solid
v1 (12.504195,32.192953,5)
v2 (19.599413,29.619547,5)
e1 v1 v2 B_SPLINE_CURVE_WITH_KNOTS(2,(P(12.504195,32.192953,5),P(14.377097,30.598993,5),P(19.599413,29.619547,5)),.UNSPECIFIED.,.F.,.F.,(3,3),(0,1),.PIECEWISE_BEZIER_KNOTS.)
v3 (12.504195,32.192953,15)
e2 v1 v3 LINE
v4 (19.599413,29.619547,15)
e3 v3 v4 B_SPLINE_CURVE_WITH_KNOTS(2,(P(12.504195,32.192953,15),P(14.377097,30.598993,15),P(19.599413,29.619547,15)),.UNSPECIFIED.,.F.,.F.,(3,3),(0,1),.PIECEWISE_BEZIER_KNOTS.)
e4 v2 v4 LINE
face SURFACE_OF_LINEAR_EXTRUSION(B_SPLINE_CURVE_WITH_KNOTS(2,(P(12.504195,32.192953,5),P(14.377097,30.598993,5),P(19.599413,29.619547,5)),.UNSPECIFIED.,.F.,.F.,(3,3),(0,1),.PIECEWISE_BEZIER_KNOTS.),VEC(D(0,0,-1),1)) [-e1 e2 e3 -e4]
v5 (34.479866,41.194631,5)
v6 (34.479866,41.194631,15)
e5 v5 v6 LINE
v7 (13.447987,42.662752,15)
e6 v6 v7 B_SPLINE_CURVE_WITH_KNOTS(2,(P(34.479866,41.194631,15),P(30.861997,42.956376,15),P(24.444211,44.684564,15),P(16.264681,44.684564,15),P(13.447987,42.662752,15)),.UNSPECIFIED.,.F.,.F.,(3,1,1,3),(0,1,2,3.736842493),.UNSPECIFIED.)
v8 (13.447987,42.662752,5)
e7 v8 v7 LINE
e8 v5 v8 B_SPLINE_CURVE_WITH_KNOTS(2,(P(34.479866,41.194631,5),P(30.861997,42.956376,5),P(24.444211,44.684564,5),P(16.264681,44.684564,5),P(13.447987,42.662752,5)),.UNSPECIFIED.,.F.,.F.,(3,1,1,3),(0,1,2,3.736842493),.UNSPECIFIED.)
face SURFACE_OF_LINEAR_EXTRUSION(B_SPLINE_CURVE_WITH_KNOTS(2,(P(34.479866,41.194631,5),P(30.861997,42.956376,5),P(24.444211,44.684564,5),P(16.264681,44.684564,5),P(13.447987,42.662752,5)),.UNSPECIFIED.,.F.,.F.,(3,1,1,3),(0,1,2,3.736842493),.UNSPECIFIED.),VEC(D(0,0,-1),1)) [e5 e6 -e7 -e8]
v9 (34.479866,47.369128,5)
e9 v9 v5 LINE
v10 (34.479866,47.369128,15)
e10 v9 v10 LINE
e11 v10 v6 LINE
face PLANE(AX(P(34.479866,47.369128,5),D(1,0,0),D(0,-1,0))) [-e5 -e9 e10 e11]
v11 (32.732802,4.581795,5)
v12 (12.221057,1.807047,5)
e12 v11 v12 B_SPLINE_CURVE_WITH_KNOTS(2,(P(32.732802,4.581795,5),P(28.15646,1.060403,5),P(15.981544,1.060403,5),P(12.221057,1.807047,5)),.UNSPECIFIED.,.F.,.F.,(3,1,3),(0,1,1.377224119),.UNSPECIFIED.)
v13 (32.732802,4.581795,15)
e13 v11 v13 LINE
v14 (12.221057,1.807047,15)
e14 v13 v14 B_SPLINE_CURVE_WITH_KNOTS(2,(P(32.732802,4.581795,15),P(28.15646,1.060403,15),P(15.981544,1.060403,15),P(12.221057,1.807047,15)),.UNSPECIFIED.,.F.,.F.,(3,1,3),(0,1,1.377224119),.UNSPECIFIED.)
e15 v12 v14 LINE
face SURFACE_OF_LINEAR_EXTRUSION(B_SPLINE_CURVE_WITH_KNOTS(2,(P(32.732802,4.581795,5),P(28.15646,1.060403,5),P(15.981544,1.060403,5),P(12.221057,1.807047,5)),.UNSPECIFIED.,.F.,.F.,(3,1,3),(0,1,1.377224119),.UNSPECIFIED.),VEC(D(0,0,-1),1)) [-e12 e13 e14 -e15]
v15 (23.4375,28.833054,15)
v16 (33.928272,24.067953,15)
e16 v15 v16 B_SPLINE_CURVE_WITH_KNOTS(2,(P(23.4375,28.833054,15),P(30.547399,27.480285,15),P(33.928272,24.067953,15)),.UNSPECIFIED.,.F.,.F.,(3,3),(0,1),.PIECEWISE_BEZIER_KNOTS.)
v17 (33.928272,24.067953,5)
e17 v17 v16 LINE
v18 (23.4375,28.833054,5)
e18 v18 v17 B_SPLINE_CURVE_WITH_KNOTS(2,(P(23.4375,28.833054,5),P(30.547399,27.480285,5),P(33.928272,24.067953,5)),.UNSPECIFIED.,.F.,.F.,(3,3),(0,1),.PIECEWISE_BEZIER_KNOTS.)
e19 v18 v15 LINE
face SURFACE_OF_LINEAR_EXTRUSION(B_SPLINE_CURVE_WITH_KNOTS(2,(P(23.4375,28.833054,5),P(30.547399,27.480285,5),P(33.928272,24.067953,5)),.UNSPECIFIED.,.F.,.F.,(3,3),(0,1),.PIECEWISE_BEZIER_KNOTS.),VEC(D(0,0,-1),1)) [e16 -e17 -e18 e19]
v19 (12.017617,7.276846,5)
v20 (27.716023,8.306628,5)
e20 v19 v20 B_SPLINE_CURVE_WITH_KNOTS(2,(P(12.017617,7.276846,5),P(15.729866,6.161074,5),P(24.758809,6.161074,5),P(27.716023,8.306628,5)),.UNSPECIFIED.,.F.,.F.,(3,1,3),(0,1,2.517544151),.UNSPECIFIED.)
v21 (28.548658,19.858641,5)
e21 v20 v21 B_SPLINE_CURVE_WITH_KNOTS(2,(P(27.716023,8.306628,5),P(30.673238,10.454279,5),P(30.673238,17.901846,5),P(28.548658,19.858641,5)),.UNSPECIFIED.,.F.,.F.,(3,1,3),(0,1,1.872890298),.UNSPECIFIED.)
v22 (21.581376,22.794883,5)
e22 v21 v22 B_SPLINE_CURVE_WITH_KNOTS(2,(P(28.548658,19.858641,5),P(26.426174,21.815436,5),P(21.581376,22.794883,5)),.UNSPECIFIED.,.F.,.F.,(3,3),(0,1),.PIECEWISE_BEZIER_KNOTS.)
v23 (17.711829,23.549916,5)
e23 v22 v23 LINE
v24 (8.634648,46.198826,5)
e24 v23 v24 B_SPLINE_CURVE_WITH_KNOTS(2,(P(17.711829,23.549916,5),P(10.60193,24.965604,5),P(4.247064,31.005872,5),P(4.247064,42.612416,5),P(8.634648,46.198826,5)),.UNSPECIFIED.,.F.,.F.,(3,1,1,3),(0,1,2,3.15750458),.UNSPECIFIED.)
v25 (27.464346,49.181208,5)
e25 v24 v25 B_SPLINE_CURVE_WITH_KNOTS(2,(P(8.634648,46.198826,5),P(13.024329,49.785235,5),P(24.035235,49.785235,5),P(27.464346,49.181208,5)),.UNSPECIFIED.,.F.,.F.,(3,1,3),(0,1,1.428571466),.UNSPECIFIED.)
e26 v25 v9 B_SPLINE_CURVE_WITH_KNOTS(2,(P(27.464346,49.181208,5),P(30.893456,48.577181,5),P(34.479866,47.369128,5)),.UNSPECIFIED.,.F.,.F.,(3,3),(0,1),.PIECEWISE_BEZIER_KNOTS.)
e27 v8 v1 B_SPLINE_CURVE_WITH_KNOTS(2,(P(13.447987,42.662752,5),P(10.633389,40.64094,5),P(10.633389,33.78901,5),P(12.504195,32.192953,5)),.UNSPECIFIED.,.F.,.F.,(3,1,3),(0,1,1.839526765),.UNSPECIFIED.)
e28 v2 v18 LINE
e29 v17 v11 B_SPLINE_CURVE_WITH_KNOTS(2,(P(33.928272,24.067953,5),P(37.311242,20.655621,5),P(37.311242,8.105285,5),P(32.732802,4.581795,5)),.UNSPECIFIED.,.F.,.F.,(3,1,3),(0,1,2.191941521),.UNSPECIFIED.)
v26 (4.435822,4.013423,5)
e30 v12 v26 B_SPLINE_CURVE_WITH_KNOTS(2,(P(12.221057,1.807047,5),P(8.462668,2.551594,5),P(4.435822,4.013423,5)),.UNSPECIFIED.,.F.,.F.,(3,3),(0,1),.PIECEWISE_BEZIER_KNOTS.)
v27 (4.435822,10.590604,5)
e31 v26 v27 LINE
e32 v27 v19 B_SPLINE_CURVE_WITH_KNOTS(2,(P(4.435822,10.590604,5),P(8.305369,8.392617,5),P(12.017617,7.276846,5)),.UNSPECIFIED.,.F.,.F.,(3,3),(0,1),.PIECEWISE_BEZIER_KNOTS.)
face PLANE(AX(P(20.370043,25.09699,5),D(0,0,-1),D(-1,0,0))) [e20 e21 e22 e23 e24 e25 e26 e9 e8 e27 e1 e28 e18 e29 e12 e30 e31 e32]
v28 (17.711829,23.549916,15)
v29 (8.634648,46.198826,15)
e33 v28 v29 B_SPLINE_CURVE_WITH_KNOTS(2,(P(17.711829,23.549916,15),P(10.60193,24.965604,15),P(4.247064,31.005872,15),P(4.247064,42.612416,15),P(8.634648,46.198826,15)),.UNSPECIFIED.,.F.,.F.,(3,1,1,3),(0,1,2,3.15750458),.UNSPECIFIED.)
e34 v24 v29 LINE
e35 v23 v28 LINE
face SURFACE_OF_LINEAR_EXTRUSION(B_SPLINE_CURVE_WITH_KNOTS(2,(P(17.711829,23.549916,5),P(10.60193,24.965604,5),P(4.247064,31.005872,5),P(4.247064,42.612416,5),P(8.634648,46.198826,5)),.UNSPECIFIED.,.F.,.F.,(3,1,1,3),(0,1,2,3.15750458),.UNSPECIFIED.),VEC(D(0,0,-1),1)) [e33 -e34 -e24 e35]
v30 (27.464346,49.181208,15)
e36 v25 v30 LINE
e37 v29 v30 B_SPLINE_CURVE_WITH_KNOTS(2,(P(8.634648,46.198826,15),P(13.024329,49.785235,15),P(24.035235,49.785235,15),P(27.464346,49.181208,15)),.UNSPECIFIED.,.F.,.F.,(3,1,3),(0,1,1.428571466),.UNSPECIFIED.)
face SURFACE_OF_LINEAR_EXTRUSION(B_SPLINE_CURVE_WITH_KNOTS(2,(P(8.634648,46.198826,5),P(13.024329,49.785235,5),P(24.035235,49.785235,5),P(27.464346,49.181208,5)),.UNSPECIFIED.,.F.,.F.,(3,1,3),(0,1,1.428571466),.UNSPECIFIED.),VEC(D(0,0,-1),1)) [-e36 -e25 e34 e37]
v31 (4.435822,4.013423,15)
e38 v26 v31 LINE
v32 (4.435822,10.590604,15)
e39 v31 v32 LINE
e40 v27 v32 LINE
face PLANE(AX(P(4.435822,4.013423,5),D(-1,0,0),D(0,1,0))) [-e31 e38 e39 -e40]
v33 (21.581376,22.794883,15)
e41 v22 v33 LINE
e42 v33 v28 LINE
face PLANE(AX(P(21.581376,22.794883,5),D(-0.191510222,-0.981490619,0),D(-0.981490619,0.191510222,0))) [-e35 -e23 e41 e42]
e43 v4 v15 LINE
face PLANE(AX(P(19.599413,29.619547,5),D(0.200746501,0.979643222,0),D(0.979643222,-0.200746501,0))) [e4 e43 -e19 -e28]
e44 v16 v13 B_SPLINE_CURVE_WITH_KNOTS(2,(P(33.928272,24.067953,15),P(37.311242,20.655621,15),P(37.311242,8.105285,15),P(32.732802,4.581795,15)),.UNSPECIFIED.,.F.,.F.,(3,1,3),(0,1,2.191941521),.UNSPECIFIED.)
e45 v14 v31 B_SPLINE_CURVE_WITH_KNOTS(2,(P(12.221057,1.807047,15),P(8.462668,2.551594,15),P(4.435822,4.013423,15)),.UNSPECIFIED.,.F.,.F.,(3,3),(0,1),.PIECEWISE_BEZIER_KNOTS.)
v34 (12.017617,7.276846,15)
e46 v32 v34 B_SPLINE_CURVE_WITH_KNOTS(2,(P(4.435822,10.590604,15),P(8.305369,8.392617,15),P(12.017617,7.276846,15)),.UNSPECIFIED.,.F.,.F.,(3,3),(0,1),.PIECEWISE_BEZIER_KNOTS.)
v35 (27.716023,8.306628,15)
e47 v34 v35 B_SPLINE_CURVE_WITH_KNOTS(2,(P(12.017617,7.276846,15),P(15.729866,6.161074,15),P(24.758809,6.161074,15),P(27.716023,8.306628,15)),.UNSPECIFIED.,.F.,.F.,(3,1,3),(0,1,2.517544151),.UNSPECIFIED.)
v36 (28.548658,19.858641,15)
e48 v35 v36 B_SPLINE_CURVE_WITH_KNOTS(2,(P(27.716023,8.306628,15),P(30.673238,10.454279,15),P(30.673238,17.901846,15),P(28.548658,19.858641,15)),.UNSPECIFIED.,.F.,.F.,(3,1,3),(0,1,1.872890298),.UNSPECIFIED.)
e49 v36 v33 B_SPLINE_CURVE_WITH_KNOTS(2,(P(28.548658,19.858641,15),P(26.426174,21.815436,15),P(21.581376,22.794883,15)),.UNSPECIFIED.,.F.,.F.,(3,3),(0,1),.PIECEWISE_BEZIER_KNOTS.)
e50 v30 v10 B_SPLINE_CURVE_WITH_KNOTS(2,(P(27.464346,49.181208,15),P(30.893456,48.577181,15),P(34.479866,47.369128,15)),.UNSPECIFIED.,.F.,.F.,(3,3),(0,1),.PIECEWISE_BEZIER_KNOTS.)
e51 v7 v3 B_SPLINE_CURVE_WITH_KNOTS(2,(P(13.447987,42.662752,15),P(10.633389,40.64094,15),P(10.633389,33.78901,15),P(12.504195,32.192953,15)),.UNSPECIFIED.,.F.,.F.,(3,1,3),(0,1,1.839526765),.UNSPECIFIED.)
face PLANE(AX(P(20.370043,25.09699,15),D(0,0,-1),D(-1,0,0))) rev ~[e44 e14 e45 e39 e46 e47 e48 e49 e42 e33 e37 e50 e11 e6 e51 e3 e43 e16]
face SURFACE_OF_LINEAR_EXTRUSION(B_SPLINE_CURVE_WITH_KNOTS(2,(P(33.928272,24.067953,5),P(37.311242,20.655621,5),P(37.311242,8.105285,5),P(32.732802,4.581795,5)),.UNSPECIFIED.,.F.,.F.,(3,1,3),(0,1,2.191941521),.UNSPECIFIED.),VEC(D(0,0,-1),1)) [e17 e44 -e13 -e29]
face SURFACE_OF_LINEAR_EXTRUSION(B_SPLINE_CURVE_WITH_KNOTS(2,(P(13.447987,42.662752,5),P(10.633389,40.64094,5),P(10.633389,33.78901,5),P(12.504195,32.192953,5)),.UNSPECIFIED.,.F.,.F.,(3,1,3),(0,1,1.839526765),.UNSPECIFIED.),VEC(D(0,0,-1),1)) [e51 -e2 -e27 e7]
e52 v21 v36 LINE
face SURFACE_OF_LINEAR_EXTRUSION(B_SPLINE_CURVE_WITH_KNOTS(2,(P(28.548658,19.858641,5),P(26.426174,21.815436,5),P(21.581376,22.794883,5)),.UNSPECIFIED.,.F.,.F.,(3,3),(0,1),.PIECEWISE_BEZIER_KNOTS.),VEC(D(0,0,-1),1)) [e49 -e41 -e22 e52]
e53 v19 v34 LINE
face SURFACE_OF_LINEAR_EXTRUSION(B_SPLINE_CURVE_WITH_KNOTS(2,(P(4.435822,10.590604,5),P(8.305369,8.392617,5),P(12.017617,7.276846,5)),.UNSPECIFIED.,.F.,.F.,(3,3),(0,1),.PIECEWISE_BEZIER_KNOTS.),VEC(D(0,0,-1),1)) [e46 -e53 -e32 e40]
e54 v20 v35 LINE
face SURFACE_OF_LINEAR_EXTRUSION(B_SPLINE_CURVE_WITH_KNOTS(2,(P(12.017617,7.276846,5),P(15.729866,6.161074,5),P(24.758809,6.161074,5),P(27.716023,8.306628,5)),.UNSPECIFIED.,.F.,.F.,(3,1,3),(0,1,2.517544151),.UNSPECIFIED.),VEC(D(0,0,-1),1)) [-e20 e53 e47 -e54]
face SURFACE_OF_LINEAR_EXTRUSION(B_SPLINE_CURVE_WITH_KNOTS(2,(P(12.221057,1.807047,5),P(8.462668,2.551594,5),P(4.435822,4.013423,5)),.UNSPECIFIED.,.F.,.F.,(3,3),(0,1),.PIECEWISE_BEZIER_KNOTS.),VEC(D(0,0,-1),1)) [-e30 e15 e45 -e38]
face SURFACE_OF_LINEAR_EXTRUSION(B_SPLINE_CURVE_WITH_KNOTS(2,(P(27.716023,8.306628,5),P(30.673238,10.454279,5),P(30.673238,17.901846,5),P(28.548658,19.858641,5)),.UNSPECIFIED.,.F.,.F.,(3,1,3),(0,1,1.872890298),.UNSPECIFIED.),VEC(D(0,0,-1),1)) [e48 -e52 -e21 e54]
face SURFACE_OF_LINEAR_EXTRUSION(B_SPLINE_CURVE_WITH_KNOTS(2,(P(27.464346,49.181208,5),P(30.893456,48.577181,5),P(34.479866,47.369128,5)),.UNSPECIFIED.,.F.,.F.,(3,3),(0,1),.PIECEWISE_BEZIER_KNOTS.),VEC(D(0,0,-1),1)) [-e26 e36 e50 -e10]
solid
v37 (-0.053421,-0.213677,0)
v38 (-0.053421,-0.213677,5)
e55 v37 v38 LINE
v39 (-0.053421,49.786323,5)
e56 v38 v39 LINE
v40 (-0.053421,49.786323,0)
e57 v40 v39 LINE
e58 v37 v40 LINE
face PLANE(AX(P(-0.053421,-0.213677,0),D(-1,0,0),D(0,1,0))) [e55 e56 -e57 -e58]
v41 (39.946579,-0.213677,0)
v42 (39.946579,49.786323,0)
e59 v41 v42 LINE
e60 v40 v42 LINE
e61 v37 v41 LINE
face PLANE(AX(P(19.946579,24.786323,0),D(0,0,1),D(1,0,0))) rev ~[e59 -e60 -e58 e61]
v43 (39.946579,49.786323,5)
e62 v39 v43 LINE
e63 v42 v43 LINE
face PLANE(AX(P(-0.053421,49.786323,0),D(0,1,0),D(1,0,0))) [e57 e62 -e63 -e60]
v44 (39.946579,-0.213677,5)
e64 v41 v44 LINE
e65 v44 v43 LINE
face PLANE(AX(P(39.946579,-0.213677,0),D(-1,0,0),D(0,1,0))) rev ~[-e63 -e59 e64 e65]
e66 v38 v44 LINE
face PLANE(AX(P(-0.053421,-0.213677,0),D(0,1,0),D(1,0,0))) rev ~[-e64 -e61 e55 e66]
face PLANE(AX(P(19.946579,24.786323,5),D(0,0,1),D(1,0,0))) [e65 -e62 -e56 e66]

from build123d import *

# Parameters (mm, degrees)
RECTANGLE_W     = 40
RECTANGLE_H     = 50
EXTRUSION_DEPTH = 5
PAD_DEPTH       = 10


with BuildPart() as extrusion:
    # Rectangle → Extrusion (new body)
    with BuildSketch(Plane(origin=(-0.053421, -0.213677, 0), x_dir=(1, 0, 0), z_dir=(0, 0, 1))):
        with Locations((20, 25)):
            Rectangle(RECTANGLE_W, RECTANGLE_H)
    extrude(amount=EXTRUSION_DEPTH)


with BuildPart() as body:
    # Sketch → Pad (new body)
    with BuildSketch(Plane.XY.offset(5)):
        with BuildLine():
            Line((34.479866, 47.369128), (34.479866, 41.194631))
            add(Edge.make_bspline(
                [(34.479866, 41.194631), (30.861997, 42.956376), (27.653104, 43.82047)],
                knots=[0, 0, 0, 1, 1, 1], degree=2))
            add(Edge.make_bspline(
                [(27.653104, 43.82047), (24.444211, 44.684564), (21.455537, 44.684564)],
                knots=[0, 0, 0, 1, 1, 1], degree=2))
            add(Edge.make_bspline(
                [(21.455537, 44.684564), (16.264681, 44.684564), (13.447987, 42.662752)],
                knots=[0, 0, 0, 1, 1, 1], degree=2))
            add(Edge.make_bspline(
                [(13.447987, 42.662752), (10.633389, 40.64094), (10.633389, 36.916107)],
                knots=[0, 0, 0, 1, 1, 1], degree=2))
            add(Edge.make_bspline(
                [(10.633389, 36.916107), (10.633389, 33.78901), (12.504195, 32.192953)],
                knots=[0, 0, 0, 1, 1, 1], degree=2))
            add(Edge.make_bspline(
                [(12.504195, 32.192953), (14.377097, 30.598993), (19.599413, 29.619547)],
                knots=[0, 0, 0, 1, 1, 1], degree=2))
            Line((19.599413, 29.619547), (23.4375, 28.833054))
            add(Edge.make_bspline(
                [(23.4375, 28.833054), (30.547399, 27.480285), (33.928272, 24.067953)],
                knots=[0, 0, 0, 1, 1, 1], degree=2))
            add(Edge.make_bspline(
                [(33.928272, 24.067953), (37.311242, 20.655621), (37.311242, 14.92995)],
                knots=[0, 0, 0, 1, 1, 1], degree=2))
            add(Edge.make_bspline(
                [(37.311242, 14.92995), (37.311242, 8.105285), (32.732802, 4.581795)],
                knots=[0, 0, 0, 1, 1, 1], degree=2))
            add(Edge.make_bspline(
                [(32.732802, 4.581795), (28.15646, 1.060403), (19.316275, 1.060403)],
                knots=[0, 0, 0, 1, 1, 1], degree=2))
            add(Edge.make_bspline(
                [(19.316275, 1.060403), (15.981544, 1.060403), (12.221057, 1.807047)],
                knots=[0, 0, 0, 1, 1, 1], degree=2))
            add(Edge.make_bspline(
                [(12.221057, 1.807047), (8.462668, 2.551594), (4.435822, 4.013423)],
                knots=[0, 0, 0, 1, 1, 1], degree=2))
            Line((4.435822, 4.013423), (4.435822, 10.590604))
            add(Edge.make_bspline(
                [(4.435822, 10.590604), (8.305369, 8.392617), (12.017617, 7.276846)],
                knots=[0, 0, 0, 1, 1, 1], degree=2))
            add(Edge.make_bspline(
                [(12.017617, 7.276846), (15.729866, 6.161074), (19.316275, 6.161074)],
                knots=[0, 0, 0, 1, 1, 1], degree=2))
            add(Edge.make_bspline(
                [(19.316275, 6.161074), (24.758809, 6.161074), (27.716023, 8.306628)],
                knots=[0, 0, 0, 1, 1, 1], degree=2))
            add(Edge.make_bspline(
                [(27.716023, 8.306628), (30.673238, 10.454279), (30.673238, 14.430789)],
                knots=[0, 0, 0, 1, 1, 1], degree=2))
            add(Edge.make_bspline(
                [(30.673238, 14.430789), (30.673238, 17.901846), (28.548658, 19.858641)],
                knots=[0, 0, 0, 1, 1, 1], degree=2))
            add(Edge.make_bspline(
                [(28.548658, 19.858641), (26.426174, 21.815436), (21.581376, 22.794883)],
                knots=[0, 0, 0, 1, 1, 1], degree=2))
            Line((21.581376, 22.794883), (17.711829, 23.549916))
            add(Edge.make_bspline(
                [(17.711829, 23.549916), (10.60193, 24.965604), (7.424497, 27.985738)],
                knots=[0, 0, 0, 1, 1, 1], degree=2))
            add(Edge.make_bspline(
                [(7.424497, 27.985738), (4.247064, 31.005872), (4.247064, 36.385487)],
                knots=[0, 0, 0, 1, 1, 1], degree=2))
            add(Edge.make_bspline(
                [(4.247064, 36.385487), (4.247064, 42.612416), (8.634648, 46.198826)],
                knots=[0, 0, 0, 1, 1, 1], degree=2))
            add(Edge.make_bspline(
                [(8.634648, 46.198826), (13.024329, 49.785235), (20.731963, 49.785235)],
                knots=[0, 0, 0, 1, 1, 1], degree=2))
            add(Edge.make_bspline(
                [(20.731963, 49.785235), (24.035235, 49.785235), (27.464346, 49.181208)],
                knots=[0, 0, 0, 1, 1, 1], degree=2))
            add(Edge.make_bspline(
                [(27.464346, 49.181208), (30.893456, 48.577181), (34.479866, 47.369128)],
                knots=[0, 0, 0, 1, 1, 1], degree=2))
        make_face()
    extrude(amount=PAD_DEPTH)


solid = Compound([extrusion.part, body.part])
